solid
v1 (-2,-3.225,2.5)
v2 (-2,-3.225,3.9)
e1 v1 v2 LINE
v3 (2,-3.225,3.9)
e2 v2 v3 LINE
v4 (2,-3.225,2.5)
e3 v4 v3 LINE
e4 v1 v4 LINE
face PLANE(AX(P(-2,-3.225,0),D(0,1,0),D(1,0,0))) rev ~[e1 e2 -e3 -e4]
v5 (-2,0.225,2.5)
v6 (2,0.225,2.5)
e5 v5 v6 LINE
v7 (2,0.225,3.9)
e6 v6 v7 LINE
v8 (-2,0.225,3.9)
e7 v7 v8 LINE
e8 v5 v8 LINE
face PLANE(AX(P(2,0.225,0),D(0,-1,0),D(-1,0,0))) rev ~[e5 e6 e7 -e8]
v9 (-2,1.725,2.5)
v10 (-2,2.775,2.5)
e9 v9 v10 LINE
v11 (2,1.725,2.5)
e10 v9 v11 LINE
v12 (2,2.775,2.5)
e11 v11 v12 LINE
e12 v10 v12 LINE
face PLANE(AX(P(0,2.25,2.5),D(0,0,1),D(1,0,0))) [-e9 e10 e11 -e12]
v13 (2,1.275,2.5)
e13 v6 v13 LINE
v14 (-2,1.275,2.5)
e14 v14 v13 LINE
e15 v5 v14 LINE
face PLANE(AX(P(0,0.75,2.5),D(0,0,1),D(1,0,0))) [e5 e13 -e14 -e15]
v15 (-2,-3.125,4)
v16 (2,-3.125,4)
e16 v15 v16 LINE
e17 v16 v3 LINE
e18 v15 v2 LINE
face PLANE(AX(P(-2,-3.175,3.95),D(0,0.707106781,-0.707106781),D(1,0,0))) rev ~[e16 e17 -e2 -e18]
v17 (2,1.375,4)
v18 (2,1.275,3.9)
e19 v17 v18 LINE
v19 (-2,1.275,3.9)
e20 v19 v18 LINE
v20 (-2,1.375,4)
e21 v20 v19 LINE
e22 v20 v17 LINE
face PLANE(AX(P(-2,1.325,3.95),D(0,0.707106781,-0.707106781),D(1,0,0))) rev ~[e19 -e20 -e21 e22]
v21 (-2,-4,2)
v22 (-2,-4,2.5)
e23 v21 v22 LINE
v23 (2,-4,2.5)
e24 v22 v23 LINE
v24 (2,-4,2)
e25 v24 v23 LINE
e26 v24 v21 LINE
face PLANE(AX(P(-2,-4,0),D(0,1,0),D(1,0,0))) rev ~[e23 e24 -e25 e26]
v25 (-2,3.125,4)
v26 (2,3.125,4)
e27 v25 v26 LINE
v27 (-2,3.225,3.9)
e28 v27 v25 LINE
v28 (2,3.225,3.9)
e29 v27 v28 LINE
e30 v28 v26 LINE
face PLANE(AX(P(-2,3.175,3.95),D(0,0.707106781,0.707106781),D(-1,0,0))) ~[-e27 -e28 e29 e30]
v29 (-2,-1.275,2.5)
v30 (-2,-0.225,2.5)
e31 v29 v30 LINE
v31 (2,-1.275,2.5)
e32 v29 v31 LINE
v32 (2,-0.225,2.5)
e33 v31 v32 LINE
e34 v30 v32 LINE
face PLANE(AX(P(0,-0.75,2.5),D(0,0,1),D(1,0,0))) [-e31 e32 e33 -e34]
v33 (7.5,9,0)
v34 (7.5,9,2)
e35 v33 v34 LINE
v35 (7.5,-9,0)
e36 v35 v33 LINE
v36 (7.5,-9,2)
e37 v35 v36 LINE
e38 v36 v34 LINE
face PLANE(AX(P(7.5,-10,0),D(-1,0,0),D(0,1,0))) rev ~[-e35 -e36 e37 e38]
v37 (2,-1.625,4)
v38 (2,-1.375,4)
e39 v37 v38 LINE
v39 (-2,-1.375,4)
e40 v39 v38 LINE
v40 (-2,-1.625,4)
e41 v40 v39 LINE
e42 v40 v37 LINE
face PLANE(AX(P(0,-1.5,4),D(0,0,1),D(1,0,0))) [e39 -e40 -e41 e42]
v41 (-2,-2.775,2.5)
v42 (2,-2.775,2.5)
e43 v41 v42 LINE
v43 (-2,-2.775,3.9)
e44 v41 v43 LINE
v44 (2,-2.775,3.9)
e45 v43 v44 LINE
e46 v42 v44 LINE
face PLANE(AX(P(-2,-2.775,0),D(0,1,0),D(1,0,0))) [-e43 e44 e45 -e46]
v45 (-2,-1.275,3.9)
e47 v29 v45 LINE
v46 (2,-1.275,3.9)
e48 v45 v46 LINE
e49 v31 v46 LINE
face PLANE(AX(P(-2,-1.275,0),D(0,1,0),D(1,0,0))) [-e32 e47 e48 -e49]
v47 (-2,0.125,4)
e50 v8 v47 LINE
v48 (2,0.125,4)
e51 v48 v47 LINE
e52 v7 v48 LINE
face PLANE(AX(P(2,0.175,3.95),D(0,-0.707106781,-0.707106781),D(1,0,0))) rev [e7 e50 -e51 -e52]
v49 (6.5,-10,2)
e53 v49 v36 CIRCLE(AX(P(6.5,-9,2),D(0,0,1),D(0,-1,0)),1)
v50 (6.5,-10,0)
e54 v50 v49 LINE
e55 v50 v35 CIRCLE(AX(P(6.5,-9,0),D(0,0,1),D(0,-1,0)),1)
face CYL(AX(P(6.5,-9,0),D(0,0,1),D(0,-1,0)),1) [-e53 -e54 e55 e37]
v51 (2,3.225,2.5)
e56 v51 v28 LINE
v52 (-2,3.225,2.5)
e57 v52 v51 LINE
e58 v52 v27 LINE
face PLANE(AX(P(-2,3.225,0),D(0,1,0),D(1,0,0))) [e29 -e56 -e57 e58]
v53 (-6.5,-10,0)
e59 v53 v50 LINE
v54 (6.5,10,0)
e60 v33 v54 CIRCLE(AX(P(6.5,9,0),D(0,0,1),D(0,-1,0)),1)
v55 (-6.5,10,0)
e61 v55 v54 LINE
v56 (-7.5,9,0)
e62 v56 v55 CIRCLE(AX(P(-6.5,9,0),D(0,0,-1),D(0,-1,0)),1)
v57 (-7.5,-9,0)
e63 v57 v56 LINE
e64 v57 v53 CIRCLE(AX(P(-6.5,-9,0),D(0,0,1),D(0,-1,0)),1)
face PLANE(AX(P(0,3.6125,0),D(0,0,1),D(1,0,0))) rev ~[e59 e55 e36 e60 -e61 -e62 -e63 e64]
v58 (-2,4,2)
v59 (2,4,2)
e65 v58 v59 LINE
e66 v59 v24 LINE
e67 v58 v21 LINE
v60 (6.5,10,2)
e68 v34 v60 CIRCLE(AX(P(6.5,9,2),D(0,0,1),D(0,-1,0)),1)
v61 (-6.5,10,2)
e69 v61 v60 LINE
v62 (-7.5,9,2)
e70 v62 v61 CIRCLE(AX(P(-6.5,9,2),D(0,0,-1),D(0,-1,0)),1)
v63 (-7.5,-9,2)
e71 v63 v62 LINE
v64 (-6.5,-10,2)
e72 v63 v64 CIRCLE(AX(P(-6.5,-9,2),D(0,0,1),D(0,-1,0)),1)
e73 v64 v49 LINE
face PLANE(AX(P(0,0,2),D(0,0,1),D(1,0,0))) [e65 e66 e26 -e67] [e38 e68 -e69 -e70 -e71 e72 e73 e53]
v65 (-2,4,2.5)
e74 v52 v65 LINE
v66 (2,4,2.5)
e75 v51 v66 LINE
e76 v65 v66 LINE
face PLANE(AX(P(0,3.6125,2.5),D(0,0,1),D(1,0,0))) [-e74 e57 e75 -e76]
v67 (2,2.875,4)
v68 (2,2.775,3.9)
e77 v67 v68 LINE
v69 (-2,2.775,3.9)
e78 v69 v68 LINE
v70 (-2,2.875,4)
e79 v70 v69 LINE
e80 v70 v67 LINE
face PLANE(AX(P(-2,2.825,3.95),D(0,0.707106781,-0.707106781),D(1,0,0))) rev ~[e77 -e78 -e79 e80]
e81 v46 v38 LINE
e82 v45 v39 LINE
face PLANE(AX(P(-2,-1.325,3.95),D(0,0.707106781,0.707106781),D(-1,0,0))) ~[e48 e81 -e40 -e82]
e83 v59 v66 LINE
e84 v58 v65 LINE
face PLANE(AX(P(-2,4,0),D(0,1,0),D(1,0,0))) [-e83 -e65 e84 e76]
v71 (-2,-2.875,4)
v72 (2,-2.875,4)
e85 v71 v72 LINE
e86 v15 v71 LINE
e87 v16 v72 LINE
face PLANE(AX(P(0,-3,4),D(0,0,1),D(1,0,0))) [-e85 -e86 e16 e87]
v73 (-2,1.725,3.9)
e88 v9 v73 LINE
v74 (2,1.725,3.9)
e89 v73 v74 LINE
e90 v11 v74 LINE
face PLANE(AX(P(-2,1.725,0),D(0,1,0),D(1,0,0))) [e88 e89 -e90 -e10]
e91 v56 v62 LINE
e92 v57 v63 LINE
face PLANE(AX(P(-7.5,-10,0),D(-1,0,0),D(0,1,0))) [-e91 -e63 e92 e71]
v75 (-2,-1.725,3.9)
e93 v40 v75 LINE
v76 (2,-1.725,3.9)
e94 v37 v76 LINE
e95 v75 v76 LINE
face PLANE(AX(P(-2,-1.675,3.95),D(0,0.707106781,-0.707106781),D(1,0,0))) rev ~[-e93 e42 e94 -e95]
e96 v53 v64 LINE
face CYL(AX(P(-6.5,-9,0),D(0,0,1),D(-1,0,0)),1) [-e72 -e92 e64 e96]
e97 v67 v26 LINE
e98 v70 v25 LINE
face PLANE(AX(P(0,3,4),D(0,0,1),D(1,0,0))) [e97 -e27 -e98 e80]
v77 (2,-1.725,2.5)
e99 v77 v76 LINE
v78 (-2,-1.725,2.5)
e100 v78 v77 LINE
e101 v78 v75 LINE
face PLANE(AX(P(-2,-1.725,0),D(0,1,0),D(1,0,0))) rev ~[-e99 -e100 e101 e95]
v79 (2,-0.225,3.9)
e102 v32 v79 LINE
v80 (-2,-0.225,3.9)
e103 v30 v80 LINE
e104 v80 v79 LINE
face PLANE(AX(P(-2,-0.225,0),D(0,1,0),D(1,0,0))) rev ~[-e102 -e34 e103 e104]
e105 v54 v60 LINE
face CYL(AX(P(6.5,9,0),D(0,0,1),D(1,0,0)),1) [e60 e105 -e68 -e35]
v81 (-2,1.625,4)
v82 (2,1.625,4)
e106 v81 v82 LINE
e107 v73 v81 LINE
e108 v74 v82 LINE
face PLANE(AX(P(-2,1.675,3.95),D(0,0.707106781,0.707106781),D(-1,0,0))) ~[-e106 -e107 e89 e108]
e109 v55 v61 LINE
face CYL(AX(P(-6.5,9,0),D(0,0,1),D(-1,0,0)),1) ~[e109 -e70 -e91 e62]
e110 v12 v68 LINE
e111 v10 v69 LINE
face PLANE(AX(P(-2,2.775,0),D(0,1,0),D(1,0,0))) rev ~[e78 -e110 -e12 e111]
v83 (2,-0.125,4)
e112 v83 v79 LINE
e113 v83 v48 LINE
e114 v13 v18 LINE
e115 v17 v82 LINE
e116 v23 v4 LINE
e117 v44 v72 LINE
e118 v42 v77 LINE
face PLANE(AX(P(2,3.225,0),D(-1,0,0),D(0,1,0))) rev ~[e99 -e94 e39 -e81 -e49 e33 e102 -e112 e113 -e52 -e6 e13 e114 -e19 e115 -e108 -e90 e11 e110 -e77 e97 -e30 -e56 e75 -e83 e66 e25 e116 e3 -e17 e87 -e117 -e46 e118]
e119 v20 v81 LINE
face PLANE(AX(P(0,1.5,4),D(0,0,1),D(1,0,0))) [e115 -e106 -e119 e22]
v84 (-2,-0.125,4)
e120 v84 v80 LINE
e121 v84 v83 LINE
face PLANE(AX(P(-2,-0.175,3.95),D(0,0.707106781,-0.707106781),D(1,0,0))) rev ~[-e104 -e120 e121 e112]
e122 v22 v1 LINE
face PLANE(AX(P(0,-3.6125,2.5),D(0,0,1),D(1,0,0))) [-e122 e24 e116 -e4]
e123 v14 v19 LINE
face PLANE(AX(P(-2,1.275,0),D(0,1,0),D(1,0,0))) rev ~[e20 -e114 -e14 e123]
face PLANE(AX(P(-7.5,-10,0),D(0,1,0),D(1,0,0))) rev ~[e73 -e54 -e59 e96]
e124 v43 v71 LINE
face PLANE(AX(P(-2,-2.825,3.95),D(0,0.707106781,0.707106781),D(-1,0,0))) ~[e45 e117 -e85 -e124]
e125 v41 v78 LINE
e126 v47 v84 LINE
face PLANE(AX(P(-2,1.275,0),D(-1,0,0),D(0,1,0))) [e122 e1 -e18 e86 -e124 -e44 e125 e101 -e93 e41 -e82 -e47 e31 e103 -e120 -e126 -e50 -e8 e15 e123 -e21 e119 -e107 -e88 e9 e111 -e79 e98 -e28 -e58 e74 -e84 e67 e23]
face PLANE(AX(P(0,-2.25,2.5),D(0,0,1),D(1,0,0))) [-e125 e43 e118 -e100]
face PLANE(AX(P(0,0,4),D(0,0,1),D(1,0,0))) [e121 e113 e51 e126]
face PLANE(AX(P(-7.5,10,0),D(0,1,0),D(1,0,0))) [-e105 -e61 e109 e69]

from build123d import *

# Parameters (mm, degrees)
F0_W     = 15
F0_H     = 20
F1_DEPTH = 2
F0_W_2   = 4
F0_H_2   = 0.775
F0_H_3   = 1.05
F2_DEPTH = 2.5
F0_H_4   = 0.45
F3_DEPTH = 4
F4_SIZE  = 0.1
F5_R     = 1


with BuildPart() as f1:
    # F0 (on Top) → F1 (new body)
    with BuildSketch(Plane.XY):
        Rectangle(F0_W, F0_H)
        Polygon((2, -3.225), (2, -4), (-2, -4), (-2, -3.225), (-2, -2.775), (-2, -1.725), (-2, -1.275), (-2, -0.225), (-2, 0), (-2, 0.107463), (-2, 0.225), (-2, 1.275), (-2, 1.725), (-2, 2.775), (-2, 3.225), (-2, 4), (2, 4), (2, 3.225), (2, 2.775), (2, 1.725), (2, 1.275), (2, 0.225), (2, -0.225), (2, -1.275), (2, -1.725), (2, -2.775), align=None, mode=Mode.SUBTRACT)
    extrude(amount=F1_DEPTH)

    # F0 (on Top) → F2 (join)
    with BuildSketch(Plane.XY):
        with Locations((0, 3.6125)):
            Rectangle(F0_W_2, F0_H_2)
        with Locations((0, 0.75)):
            Rectangle(F0_W_2, F0_H_3)
        with Locations((0, -0.75)):
            Rectangle(F0_W_2, F0_H_3)
        with Locations((0, -3.6125)):
            Rectangle(F0_W_2, F0_H_2)
        with Locations((0, 2.25)):
            Rectangle(F0_W_2, F0_H_3)
        with Locations((0, -2.25)):
            Rectangle(F0_W_2, F0_H_3)
    extrude(amount=F2_DEPTH)

    # F0 (on Top) → F3 (join)
    with BuildSketch(Plane.XY):
        with Locations((0, 1.5)):
            Rectangle(F0_W_2, F0_H_4)
        Polygon((-2, -0.225), (2, -0.225), (2, 0.225), (-2, 0.225), (-2, 0.107463), (-2, 0), align=None)
        with Locations((0, -1.5)):
            Rectangle(F0_W_2, F0_H_4)
        with Locations((0, 3)):
            Rectangle(F0_W_2, F0_H_4)
        with Locations((0, -3)):
            Rectangle(F0_W_2, F0_H_4)
    extrude(amount=F3_DEPTH)

    # F4
    f4_edges = [f1.edges().sort_by_distance(p)[0] for p in [
        (0, -1.725, 4),
        (0, -1.275, 4),
        (0, -0.225, 4),
        (0, 0.225, 4),
        (0, 1.275, 4),
        (0, 1.725, 4),
        (0, 2.775, 4),
        (0, 3.225, 4),
        (0, -3.225, 4),
        (0, -2.775, 4),
    ]]
    chamfer(f4_edges, length=F4_SIZE)

    # F5
    f5_edges = [f1.edges().sort_by_distance(p)[0] for p in [
        (7.5, 10, 1),
        (7.5, -10, 1),
        (-7.5, -10, 1),
        (-7.5, 10, 1),
    ]]
    fillet(f5_edges, radius=F5_R)


solid = f1.part
